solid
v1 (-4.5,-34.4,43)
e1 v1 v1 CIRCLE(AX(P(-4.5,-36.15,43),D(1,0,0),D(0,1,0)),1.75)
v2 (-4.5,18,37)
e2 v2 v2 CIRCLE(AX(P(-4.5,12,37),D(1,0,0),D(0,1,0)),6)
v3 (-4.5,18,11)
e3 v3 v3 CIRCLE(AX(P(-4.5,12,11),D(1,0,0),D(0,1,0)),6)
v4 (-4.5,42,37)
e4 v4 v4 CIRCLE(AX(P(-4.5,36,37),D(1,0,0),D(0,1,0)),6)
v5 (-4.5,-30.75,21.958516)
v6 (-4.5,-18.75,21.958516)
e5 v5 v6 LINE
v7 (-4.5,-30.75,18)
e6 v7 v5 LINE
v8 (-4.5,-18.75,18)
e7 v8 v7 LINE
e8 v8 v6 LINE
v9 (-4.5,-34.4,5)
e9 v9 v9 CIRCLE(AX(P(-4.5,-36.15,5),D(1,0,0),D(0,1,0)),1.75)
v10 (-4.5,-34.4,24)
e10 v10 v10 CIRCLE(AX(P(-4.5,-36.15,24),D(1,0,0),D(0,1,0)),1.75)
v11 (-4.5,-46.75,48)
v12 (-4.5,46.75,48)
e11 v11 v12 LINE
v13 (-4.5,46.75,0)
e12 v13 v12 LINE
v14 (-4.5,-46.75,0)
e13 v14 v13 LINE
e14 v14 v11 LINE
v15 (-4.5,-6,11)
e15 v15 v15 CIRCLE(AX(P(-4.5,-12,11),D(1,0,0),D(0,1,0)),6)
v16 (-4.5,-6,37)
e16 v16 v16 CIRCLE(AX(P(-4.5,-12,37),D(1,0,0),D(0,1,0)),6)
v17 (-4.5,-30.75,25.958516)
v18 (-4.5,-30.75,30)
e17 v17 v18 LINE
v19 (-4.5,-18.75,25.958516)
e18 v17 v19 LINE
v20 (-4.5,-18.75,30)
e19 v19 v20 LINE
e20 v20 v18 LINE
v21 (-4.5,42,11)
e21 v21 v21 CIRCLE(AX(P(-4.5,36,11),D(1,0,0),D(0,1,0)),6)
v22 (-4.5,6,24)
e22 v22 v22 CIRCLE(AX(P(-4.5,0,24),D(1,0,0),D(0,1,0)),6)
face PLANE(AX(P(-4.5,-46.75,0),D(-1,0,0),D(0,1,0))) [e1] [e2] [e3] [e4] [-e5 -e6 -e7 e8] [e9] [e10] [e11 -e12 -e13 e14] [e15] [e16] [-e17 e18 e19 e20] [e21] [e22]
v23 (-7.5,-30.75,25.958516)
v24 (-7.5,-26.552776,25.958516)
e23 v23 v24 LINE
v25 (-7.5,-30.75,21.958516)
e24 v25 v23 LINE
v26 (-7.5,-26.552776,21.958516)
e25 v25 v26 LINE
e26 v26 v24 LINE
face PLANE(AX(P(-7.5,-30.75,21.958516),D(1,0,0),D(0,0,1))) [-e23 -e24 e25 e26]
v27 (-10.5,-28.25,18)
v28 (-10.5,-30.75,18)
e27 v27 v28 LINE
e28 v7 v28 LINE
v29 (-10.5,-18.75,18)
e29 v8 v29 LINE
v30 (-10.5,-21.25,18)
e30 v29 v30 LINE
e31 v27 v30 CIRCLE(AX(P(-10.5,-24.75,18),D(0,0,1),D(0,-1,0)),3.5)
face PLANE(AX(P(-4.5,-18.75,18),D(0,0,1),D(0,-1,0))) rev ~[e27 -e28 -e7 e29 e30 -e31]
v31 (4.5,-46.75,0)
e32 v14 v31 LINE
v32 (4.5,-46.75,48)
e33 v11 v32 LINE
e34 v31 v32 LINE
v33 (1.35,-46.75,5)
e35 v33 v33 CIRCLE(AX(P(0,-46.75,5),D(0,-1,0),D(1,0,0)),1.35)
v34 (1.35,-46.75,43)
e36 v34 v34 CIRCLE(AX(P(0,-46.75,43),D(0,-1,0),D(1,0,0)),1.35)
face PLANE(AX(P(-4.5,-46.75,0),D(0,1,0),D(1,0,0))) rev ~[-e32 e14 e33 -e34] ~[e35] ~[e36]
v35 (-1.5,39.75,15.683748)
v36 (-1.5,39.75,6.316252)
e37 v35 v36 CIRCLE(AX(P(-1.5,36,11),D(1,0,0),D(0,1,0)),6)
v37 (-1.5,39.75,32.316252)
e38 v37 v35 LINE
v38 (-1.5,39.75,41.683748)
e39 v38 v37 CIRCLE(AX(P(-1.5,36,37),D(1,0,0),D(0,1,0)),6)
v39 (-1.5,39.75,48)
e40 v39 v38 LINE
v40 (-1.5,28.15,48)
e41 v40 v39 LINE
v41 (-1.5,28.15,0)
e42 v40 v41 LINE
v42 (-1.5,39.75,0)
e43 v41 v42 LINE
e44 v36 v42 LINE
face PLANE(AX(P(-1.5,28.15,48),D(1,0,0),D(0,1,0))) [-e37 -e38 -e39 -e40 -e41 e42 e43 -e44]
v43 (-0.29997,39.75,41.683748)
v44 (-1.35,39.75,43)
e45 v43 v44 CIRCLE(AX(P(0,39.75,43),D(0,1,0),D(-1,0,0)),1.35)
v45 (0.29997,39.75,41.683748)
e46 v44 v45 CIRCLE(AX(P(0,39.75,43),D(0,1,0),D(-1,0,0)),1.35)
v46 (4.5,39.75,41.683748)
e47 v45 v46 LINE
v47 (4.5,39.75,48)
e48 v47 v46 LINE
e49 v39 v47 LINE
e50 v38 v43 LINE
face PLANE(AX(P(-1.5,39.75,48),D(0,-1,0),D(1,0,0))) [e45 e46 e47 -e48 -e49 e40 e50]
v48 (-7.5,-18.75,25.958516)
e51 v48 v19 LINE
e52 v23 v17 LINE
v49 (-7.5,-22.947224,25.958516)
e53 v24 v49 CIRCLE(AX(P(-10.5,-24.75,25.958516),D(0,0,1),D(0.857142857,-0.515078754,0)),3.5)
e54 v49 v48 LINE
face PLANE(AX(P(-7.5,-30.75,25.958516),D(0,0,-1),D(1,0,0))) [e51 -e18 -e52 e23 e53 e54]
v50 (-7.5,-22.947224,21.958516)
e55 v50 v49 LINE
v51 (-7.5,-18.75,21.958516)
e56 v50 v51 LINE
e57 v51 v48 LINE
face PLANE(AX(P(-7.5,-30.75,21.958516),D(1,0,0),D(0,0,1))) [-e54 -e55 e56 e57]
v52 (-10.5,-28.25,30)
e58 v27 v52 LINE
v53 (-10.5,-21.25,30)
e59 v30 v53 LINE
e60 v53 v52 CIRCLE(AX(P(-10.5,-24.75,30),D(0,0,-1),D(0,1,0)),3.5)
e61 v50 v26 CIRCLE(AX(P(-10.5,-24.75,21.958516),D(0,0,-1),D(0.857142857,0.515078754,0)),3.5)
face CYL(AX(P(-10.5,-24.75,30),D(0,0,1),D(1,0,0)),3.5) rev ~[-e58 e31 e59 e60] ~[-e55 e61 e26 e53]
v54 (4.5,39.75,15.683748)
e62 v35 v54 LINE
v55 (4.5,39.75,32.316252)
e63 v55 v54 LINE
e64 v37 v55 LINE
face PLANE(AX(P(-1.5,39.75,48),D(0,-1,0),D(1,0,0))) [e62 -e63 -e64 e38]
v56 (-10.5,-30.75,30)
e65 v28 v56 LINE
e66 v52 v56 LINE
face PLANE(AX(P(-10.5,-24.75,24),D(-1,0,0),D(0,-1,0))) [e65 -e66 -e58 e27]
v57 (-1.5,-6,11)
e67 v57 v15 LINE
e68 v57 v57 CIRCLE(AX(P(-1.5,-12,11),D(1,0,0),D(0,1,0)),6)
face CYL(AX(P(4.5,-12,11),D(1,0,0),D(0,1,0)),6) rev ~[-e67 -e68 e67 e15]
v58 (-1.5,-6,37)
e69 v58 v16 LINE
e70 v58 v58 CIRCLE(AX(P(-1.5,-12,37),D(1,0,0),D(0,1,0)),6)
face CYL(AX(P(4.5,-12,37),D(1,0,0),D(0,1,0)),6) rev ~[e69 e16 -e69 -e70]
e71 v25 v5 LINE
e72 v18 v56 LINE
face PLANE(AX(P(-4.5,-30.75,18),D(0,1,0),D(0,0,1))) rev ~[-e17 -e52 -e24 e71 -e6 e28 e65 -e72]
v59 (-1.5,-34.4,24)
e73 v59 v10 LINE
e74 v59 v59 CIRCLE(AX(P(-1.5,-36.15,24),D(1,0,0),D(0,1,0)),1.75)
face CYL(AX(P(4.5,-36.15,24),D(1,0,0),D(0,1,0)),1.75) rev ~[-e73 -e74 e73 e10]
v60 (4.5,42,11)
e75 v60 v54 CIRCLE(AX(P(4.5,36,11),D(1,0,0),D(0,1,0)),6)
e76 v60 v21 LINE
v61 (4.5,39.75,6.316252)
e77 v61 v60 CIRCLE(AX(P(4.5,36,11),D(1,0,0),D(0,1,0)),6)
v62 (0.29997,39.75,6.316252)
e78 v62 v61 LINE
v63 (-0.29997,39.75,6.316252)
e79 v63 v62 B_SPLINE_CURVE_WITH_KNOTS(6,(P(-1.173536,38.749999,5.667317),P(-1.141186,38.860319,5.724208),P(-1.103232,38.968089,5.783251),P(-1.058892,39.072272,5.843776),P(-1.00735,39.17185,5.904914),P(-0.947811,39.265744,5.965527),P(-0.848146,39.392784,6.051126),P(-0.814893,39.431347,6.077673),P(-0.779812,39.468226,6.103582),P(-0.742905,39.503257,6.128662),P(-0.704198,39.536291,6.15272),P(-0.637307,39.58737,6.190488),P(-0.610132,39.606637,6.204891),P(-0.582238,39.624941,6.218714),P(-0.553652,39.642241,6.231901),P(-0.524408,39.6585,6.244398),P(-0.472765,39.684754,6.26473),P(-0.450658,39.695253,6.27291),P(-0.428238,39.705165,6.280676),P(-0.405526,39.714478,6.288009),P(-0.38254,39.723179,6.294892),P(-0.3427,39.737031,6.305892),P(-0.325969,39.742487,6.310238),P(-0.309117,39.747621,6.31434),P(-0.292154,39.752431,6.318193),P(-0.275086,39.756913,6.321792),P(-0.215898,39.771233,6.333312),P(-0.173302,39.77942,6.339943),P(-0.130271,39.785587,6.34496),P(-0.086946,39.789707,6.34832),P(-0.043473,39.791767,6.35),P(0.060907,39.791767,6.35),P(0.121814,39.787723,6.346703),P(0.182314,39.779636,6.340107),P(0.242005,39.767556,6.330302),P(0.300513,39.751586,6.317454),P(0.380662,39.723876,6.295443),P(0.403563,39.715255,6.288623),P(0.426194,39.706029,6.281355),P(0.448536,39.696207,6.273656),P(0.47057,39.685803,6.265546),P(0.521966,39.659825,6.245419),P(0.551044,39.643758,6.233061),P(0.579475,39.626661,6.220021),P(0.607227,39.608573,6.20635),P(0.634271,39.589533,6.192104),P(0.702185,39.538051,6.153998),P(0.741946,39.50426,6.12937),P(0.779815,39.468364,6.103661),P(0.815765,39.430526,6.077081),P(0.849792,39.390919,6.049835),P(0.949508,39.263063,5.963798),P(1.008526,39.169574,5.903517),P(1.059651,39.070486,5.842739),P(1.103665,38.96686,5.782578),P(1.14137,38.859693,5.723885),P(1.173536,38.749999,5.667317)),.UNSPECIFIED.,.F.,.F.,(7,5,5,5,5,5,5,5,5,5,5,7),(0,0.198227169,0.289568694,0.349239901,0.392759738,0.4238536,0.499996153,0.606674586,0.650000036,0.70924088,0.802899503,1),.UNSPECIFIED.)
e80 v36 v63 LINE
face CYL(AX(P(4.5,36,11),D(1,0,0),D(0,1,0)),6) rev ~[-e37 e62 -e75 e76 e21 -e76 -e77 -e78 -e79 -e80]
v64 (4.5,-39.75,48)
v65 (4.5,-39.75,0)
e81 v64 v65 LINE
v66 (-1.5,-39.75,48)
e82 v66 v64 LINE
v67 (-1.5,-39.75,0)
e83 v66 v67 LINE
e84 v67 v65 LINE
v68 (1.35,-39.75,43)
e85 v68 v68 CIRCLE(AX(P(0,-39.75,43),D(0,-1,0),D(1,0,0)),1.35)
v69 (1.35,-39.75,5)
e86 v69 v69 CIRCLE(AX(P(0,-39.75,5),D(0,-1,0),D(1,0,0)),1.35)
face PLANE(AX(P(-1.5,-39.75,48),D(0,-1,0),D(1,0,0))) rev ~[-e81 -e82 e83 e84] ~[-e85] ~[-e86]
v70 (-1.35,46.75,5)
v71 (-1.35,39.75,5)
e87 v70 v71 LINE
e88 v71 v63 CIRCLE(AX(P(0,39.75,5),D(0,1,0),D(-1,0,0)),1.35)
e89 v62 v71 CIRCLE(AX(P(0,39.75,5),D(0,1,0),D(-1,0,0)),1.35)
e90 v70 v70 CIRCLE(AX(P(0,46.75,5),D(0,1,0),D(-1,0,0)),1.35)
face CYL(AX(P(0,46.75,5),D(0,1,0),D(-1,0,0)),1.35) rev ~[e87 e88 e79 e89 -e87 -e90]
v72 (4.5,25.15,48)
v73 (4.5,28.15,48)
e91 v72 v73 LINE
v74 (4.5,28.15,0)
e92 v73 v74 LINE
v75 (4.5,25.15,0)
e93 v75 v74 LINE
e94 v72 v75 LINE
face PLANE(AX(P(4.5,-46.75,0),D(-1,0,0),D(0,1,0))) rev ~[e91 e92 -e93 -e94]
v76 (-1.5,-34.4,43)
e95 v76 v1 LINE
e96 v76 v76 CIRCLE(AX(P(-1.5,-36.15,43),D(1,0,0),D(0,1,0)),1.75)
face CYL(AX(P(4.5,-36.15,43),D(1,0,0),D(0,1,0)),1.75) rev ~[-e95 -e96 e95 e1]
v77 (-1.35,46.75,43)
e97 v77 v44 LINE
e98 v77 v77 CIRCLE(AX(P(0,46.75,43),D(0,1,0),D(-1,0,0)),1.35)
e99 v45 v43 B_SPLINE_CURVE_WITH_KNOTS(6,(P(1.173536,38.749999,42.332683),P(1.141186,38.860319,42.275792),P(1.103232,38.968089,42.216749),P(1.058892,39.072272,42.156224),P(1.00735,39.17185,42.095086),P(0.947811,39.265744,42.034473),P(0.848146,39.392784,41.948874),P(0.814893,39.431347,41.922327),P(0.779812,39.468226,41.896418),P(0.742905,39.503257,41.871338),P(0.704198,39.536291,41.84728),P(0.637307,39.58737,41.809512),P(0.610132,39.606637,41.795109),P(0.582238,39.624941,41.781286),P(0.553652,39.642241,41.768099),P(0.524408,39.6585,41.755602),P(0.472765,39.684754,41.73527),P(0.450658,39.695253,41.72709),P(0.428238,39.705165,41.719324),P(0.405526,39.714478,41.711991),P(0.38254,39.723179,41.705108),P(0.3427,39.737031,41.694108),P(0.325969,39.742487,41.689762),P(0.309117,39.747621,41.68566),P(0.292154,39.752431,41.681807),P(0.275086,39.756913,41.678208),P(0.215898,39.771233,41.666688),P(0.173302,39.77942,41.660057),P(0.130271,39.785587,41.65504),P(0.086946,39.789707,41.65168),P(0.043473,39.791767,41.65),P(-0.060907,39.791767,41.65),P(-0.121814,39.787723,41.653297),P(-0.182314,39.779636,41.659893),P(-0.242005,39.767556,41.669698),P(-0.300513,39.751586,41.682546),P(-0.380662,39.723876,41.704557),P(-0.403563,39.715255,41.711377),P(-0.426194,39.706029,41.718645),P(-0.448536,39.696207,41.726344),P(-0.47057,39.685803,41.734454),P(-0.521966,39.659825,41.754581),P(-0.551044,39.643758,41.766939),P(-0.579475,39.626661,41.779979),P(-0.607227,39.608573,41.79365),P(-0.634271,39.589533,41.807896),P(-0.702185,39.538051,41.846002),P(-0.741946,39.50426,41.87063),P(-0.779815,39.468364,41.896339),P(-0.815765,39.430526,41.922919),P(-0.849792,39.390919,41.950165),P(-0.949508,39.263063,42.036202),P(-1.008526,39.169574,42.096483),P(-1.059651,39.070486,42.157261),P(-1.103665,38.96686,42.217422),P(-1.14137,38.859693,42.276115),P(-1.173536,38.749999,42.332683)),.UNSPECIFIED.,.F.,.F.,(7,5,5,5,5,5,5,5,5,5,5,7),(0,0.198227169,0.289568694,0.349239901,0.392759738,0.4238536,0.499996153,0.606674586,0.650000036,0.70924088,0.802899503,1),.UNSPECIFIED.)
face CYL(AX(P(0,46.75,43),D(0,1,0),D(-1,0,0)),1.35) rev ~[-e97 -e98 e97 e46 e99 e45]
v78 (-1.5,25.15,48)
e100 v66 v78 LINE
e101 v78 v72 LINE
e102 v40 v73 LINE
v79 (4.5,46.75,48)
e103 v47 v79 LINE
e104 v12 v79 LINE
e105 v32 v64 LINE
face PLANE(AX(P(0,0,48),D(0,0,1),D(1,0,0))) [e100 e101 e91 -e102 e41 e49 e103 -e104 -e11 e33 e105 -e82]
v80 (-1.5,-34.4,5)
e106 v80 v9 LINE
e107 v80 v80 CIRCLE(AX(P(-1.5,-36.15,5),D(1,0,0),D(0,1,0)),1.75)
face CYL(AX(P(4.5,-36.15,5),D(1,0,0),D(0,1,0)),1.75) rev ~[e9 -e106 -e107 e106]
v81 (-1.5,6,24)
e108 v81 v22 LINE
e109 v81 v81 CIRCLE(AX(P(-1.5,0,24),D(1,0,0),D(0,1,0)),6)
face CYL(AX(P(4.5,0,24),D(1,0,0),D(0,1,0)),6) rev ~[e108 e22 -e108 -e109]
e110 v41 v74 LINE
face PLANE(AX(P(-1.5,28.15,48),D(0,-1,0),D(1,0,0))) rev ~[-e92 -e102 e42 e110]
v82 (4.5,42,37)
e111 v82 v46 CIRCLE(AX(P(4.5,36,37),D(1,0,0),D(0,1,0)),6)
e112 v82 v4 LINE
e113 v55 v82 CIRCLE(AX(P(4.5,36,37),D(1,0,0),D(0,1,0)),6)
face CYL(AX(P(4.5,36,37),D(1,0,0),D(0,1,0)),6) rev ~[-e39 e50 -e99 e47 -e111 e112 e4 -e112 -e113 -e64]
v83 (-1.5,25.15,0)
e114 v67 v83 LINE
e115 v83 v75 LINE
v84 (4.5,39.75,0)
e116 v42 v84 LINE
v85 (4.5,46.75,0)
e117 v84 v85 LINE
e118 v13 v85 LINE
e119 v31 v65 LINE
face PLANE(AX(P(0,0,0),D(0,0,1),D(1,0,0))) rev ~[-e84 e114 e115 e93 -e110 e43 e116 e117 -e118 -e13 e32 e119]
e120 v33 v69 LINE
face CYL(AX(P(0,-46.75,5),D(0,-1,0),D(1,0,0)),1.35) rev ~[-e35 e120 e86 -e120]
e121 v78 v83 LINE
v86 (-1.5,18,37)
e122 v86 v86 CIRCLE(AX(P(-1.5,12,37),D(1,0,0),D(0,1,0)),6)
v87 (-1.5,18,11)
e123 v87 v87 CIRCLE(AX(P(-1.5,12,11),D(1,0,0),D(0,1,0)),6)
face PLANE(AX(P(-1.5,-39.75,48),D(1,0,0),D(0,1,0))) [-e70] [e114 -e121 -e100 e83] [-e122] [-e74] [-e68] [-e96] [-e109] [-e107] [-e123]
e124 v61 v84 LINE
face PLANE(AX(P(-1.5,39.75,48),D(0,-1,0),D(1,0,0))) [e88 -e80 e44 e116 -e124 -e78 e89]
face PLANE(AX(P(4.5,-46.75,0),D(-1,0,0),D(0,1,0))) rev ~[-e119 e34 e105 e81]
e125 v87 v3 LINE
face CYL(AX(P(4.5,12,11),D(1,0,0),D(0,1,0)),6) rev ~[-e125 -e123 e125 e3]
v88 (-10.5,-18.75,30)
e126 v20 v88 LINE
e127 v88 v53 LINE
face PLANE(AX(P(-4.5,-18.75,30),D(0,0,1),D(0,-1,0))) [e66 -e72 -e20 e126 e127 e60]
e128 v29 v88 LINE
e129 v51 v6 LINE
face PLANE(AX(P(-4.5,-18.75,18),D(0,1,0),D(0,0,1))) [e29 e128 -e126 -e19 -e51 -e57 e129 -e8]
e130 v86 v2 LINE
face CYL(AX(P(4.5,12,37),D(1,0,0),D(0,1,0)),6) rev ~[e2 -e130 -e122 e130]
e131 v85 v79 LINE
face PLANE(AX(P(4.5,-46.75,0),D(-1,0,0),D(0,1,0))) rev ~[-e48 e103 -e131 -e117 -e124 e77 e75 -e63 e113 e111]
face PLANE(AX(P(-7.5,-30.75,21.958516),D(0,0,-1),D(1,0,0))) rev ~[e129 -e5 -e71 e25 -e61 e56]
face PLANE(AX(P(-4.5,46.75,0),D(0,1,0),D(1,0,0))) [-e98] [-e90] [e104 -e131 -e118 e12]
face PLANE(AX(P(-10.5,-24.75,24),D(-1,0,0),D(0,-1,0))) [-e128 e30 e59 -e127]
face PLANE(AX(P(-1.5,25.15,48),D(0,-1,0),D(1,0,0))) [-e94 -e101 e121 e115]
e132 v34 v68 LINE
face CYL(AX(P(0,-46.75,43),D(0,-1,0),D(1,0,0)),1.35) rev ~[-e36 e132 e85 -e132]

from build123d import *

# Parameters (mm, degrees)
F0_W      = 9
F0_H      = 93.5
F1_DEPTH  = 48
F2_R      = 1.35
F3_DEPTH  = 8
F4_R      = 1.35
F5_DEPTH  = 8
F6_R      = 1.75
F7_DEPTH  = 9.001
F8_R      = 6
F9_DEPTH  = 9.001
F10_W     = 6
F10_H     = 64.9
F10_H_2   = 11.6
F11_DEPTH = 48.001
F12_W     = 12
F12_H     = 12
F13_DEPTH = 6
F14_W     = 3
F14_H     = 4
F15_DEPTH = 12
F16_R     = 3.5
F17_DEPTH = 30.001


with BuildPart() as f1:
    # F0 (on Top) → F1 (new body)
    with BuildSketch(Plane.XY):
        Rectangle(F0_W, F0_H)
    extrude(amount=F1_DEPTH)

    # F2 (on face) → F3 (cut)
    with BuildSketch(Plane.XZ.offset(46.75)):
        with Locations((0, 43)):
            Circle(F2_R)
        with Locations((0, 5)):
            Circle(F2_R)
    extrude(amount=-F3_DEPTH, mode=Mode.SUBTRACT)

    # F4 (on face) → F5 (cut)
    with BuildSketch(Plane(origin=(0, 46.75, 0), x_dir=(-1, 0, 0), z_dir=(0, 1, 0))):
        with Locations((0, 43)):
            Circle(F4_R)
        with Locations((0, 5)):
            Circle(F4_R)
    extrude(amount=-F5_DEPTH, mode=Mode.SUBTRACT)

    # F6 (on face) → F7 (cut, through all)
    with BuildSketch(Plane.YZ.offset(4.5)):
        with Locations((-36.15, 43)):
            Circle(F6_R)
        with Locations((-36.15, 24)):
            Circle(F6_R)
        with Locations((-36.15, 5)):
            Circle(F6_R)
    extrude(amount=-F7_DEPTH, mode=Mode.SUBTRACT)

    # F8 (on face) → F9 (cut, through all)
    with BuildSketch(Plane.YZ.offset(4.5)):
        with Locations((-12, 11)):
            Circle(F8_R)
        with Locations((0, 24)):
            Circle(F8_R)
        with Locations((-12, 37)):
            Circle(F8_R)
        with Locations((12, 11)):
            Circle(F8_R)
        with Locations((12, 37)):
            Circle(F8_R)
        with Locations((36, 11)):
            Circle(F8_R)
        with Locations((36, 37)):
            Circle(F8_R)
    extrude(amount=-F9_DEPTH, mode=Mode.SUBTRACT)

    # F10 (on face) → F11 (cut, through all)
    with BuildSketch(Plane.XY.offset(48)):
        with Locations((1.5, -7.3)):
            Rectangle(F10_W, F10_H)
        with Locations((1.5, 33.95)):
            Rectangle(F10_W, F10_H_2)
    extrude(amount=-F11_DEPTH, mode=Mode.SUBTRACT)

    # F12 (on face) → F13 (join)
    with BuildSketch(Plane(origin=(-4.5, 0, 0), x_dir=(0, -1, 0), z_dir=(-1, 0, 0))):
        with Locations((24.75, 24)):
            Rectangle(F12_W, F12_H)
    extrude(amount=F13_DEPTH)

    # F14 (on face) → F15 (cut, through all)
    with BuildSketch(Plane.XZ.offset(30.75)):
        with Locations((-6, 23.958516)):
            Rectangle(F14_W, F14_H)
    extrude(amount=-F15_DEPTH, mode=Mode.SUBTRACT)

    # F16 (on face) → F17 (cut, through all)
    with BuildSketch(Plane.XY.offset(30)):
        with Locations((-10.5, -24.75)):
            Circle(F16_R)
    extrude(amount=-F17_DEPTH, mode=Mode.SUBTRACT)


solid = f1.part
